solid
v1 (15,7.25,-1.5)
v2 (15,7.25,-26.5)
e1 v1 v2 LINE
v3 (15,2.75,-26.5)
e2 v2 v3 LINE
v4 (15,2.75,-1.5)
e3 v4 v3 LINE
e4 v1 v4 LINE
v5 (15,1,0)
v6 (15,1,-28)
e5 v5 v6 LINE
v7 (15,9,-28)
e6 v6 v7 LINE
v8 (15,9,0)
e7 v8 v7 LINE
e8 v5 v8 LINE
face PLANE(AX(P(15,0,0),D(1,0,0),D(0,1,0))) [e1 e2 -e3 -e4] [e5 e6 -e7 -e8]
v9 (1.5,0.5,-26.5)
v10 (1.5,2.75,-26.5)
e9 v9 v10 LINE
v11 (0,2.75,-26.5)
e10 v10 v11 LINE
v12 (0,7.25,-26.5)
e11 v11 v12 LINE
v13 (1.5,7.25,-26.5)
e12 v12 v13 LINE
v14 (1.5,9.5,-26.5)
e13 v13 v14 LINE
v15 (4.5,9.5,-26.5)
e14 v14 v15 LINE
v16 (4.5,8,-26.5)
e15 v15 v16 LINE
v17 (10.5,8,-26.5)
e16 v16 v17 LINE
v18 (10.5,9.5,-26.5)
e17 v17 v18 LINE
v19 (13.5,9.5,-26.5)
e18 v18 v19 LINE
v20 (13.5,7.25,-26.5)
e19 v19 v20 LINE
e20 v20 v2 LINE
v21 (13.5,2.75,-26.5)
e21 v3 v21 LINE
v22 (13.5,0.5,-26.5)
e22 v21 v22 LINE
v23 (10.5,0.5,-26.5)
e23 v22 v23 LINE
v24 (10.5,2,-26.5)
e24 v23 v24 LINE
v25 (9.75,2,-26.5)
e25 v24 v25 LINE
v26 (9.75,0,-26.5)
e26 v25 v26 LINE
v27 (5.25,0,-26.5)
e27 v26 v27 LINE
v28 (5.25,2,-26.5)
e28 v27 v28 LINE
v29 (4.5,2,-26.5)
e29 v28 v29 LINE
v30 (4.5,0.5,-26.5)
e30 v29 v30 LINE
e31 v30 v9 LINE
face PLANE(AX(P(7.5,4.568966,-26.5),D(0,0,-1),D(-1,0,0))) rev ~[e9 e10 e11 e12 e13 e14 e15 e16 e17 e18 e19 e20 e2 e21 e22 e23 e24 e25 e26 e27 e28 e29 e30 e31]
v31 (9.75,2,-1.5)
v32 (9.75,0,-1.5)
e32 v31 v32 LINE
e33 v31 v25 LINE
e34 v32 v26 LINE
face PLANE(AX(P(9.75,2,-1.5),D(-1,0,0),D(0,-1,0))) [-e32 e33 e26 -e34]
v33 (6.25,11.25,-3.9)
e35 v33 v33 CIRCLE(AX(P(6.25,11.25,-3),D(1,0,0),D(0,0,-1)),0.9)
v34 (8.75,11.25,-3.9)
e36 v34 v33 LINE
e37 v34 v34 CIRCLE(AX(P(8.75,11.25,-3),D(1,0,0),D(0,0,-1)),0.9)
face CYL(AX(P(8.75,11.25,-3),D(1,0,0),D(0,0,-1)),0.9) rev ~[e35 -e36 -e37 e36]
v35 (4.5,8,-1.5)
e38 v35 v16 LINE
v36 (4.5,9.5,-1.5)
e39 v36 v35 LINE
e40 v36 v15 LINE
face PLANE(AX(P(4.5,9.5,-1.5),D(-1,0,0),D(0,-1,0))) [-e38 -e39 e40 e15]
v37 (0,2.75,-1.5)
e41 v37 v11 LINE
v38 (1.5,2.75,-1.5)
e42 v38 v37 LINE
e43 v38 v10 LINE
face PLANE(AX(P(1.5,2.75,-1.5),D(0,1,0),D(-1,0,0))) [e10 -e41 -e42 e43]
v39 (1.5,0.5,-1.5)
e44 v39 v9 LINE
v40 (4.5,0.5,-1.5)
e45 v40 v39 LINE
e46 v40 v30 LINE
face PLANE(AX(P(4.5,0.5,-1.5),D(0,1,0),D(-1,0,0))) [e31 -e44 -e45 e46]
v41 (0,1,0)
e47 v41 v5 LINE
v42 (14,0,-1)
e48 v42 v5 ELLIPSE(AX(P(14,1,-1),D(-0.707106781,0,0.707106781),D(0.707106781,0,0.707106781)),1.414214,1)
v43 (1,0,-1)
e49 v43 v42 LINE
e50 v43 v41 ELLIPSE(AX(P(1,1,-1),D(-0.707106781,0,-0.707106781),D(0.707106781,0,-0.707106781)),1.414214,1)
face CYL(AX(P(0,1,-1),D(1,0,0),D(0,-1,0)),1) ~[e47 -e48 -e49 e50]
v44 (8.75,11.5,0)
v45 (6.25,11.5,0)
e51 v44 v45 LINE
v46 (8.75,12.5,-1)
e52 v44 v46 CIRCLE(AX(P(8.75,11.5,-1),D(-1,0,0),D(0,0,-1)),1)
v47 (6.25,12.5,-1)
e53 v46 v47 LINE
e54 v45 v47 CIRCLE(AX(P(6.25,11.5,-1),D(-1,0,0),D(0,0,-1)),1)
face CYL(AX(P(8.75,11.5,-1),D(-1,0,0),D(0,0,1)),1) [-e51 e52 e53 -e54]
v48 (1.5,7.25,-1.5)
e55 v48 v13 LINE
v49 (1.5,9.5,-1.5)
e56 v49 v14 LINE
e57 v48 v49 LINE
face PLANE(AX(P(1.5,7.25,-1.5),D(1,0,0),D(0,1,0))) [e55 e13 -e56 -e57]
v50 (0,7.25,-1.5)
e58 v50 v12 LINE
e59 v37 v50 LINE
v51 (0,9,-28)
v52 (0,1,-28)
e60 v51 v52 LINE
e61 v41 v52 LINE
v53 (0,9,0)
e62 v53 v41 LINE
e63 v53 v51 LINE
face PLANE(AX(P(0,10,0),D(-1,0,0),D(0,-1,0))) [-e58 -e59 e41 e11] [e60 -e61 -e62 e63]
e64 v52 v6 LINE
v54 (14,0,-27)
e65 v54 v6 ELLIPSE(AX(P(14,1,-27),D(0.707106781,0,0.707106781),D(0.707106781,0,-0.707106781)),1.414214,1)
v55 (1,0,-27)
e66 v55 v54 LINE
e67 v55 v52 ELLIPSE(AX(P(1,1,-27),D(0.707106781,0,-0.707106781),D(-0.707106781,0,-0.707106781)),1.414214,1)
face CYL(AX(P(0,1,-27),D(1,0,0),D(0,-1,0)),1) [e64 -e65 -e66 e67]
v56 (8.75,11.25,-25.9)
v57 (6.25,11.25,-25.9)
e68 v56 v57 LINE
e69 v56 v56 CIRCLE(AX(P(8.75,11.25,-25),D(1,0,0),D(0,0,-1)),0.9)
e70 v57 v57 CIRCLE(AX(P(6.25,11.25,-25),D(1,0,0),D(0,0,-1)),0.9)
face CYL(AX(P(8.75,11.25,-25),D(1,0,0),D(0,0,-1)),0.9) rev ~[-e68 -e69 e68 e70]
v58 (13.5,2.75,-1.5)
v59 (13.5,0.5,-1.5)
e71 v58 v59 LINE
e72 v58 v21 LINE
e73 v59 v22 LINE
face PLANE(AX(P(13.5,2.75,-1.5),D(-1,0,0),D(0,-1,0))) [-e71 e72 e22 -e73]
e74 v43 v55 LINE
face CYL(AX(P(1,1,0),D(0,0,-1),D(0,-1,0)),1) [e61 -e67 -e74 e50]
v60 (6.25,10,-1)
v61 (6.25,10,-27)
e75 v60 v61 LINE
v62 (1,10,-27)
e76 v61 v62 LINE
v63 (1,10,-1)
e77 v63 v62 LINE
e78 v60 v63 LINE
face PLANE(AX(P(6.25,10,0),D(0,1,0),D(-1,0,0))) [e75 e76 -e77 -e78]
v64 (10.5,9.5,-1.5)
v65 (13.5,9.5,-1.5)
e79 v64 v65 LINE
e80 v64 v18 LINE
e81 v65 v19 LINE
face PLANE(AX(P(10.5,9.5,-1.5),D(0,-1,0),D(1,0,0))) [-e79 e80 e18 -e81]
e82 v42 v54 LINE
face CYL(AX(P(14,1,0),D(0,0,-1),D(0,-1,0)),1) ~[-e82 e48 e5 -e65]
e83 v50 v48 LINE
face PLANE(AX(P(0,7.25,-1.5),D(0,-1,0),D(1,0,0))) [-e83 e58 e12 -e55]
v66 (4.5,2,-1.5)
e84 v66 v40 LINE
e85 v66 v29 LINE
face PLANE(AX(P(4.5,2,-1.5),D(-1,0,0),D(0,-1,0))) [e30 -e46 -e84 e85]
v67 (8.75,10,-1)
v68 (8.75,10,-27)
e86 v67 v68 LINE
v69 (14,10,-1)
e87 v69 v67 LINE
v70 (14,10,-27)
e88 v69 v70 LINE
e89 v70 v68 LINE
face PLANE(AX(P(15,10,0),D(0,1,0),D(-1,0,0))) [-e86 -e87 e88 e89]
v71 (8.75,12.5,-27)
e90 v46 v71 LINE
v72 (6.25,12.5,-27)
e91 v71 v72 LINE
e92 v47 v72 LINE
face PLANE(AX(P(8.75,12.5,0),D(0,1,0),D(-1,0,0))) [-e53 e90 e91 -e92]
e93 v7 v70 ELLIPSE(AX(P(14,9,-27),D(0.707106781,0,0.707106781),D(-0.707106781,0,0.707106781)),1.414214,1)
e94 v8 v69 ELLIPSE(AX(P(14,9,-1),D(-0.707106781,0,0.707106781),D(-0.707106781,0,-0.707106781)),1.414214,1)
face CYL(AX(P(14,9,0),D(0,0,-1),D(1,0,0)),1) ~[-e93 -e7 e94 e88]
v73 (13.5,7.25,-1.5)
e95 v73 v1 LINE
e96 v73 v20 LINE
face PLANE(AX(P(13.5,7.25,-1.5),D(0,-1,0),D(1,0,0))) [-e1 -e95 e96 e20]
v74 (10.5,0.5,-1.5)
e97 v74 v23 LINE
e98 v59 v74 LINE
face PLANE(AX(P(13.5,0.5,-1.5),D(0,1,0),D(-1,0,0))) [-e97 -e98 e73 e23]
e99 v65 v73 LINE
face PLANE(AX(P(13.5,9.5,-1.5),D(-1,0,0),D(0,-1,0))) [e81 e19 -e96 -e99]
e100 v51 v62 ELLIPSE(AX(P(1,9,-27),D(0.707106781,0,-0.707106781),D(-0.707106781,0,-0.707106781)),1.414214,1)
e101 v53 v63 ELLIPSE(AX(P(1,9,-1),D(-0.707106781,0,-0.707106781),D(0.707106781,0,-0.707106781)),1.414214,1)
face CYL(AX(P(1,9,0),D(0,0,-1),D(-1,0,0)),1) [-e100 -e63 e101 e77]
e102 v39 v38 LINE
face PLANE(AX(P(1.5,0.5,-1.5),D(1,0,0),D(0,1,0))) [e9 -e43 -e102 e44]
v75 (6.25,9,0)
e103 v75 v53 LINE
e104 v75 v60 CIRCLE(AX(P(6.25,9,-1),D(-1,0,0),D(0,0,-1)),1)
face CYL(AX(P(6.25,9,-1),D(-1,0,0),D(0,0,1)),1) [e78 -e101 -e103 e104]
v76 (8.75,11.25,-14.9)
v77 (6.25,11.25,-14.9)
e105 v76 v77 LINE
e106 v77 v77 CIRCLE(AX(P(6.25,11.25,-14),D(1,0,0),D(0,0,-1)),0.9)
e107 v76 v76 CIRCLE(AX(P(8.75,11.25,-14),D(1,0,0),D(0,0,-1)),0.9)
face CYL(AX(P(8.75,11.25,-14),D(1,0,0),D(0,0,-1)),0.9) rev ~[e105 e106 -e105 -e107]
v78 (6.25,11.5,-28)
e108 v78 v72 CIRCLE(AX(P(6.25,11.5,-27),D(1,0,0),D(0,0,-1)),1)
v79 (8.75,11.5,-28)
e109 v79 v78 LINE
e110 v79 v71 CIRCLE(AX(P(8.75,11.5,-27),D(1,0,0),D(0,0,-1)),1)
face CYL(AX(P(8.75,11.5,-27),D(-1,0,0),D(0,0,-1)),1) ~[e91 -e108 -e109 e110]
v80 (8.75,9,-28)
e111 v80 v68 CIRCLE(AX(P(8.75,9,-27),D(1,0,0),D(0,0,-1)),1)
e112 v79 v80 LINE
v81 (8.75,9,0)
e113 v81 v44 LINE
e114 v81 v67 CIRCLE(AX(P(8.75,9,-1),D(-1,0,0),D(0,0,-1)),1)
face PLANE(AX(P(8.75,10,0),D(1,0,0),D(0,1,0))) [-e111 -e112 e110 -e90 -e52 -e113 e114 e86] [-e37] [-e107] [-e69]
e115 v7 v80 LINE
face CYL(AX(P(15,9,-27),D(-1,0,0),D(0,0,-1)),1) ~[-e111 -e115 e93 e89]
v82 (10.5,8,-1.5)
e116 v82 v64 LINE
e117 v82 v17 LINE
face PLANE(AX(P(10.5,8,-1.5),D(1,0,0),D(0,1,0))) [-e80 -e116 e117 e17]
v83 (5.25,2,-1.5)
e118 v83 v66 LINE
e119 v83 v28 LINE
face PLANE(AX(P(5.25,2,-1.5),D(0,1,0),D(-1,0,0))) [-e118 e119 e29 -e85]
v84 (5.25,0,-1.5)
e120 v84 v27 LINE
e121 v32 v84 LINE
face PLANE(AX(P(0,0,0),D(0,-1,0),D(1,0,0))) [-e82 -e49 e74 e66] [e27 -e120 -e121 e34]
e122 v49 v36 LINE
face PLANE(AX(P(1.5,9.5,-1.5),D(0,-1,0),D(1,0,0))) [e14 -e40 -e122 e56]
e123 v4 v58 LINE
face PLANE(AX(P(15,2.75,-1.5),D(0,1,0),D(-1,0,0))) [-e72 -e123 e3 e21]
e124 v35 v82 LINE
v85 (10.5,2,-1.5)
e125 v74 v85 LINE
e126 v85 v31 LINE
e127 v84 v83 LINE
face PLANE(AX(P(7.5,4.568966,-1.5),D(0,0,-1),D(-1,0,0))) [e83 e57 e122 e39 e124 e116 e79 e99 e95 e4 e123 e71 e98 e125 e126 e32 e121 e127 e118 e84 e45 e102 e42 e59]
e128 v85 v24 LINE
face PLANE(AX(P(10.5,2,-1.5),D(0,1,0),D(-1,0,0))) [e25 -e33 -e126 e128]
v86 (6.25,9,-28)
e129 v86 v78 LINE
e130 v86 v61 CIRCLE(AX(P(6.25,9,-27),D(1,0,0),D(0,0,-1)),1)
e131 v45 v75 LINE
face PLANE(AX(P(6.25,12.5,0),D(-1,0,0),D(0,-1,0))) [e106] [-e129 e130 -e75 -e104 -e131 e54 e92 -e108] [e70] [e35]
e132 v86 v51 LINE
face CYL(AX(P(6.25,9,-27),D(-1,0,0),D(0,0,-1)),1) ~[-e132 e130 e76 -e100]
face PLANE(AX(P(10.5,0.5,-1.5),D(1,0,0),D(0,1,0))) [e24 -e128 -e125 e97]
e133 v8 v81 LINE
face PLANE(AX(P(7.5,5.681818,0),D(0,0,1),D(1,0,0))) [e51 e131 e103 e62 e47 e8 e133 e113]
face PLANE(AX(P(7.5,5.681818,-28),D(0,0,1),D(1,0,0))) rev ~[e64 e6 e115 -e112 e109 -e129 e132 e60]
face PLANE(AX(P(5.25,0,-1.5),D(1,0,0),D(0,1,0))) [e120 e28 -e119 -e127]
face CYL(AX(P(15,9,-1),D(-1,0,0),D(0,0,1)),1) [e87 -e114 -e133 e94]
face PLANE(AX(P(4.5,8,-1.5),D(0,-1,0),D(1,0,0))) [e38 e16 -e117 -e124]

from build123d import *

# Parameters (mm, degrees)
BOSS_EXTRUDE1_DEPTH = 28
CUT_EXTRUDE3_START  = -1.5
CUT_EXTRUDE3_DEPTH  = 25
SKETCH3_R           = 0.9
CUT_EXTRUDE2_DEPTH  = 2.5
FILLET2_R           = 1


with BuildPart() as part:
    # Sketch1 → Boss-Extrude1 (new body)
    with BuildSketch(Plane.XY):
        Polygon((0, 0), (15, 0), (15, 10), (8.75, 10), (8.75, 12.5), (6.25, 12.5), (6.25, 10), (0, 10), align=None)
    extrude(amount=-BOSS_EXTRUDE1_DEPTH)

    # Sketch4 → Cut-Extrude3 (cut)
    with BuildSketch(Plane.XY.offset(CUT_EXTRUDE3_START)):
        Polygon((10.5, 8), (10.5, 9.5), (13.5, 9.5), (13.5, 7.25), (15, 7.25), (15, 2.75), (13.5, 2.75), (13.5, 0.5), (10.5, 0.5), (10.5, 2), (9.75, 2), (9.75, 0), (5.25, 0), (5.25, 2), (4.5, 2), (4.5, 0.5), (1.5, 0.5), (1.5, 2.75), (0, 2.75), (0, 7.25), (1.5, 7.25), (1.5, 9.5), (4.5, 9.5), (4.5, 8), align=None)
    extrude(amount=-CUT_EXTRUDE3_DEPTH, mode=Mode.SUBTRACT)

    # Sketch3 → Cut-Extrude2 (cut)
    with BuildSketch(Plane(origin=(8.75, 0, 0), x_dir=(0, 0, -1), z_dir=(1, 0, 0))):
        with Locations((14, 11.25)):
            Circle(SKETCH3_R)
        with Locations((3, 11.25)):
            Circle(SKETCH3_R)
        with Locations((25, 11.25)):
            Circle(SKETCH3_R)
    extrude(amount=-CUT_EXTRUDE2_DEPTH, mode=Mode.SUBTRACT)

    # Fillet2
    fillet2_edges = [part.edges().sort_by_distance(p)[0] for p in [
        (7.5, 0, 0),
        (11.875, 10, -28),
        (0, 10, -14),
        (15, 10, -14),
        (15, 0, -14),
        (0, 0, -14),
        (7.5, 12.5, -28),
        (3.125, 10, -28),
        (7.5, 0, -28),
        (3.125, 10, 0),
        (7.5, 12.5, 0),
        (11.875, 10, 0),
    ]]
    fillet(fillet2_edges, radius=FILLET2_R)


solid = part.part
